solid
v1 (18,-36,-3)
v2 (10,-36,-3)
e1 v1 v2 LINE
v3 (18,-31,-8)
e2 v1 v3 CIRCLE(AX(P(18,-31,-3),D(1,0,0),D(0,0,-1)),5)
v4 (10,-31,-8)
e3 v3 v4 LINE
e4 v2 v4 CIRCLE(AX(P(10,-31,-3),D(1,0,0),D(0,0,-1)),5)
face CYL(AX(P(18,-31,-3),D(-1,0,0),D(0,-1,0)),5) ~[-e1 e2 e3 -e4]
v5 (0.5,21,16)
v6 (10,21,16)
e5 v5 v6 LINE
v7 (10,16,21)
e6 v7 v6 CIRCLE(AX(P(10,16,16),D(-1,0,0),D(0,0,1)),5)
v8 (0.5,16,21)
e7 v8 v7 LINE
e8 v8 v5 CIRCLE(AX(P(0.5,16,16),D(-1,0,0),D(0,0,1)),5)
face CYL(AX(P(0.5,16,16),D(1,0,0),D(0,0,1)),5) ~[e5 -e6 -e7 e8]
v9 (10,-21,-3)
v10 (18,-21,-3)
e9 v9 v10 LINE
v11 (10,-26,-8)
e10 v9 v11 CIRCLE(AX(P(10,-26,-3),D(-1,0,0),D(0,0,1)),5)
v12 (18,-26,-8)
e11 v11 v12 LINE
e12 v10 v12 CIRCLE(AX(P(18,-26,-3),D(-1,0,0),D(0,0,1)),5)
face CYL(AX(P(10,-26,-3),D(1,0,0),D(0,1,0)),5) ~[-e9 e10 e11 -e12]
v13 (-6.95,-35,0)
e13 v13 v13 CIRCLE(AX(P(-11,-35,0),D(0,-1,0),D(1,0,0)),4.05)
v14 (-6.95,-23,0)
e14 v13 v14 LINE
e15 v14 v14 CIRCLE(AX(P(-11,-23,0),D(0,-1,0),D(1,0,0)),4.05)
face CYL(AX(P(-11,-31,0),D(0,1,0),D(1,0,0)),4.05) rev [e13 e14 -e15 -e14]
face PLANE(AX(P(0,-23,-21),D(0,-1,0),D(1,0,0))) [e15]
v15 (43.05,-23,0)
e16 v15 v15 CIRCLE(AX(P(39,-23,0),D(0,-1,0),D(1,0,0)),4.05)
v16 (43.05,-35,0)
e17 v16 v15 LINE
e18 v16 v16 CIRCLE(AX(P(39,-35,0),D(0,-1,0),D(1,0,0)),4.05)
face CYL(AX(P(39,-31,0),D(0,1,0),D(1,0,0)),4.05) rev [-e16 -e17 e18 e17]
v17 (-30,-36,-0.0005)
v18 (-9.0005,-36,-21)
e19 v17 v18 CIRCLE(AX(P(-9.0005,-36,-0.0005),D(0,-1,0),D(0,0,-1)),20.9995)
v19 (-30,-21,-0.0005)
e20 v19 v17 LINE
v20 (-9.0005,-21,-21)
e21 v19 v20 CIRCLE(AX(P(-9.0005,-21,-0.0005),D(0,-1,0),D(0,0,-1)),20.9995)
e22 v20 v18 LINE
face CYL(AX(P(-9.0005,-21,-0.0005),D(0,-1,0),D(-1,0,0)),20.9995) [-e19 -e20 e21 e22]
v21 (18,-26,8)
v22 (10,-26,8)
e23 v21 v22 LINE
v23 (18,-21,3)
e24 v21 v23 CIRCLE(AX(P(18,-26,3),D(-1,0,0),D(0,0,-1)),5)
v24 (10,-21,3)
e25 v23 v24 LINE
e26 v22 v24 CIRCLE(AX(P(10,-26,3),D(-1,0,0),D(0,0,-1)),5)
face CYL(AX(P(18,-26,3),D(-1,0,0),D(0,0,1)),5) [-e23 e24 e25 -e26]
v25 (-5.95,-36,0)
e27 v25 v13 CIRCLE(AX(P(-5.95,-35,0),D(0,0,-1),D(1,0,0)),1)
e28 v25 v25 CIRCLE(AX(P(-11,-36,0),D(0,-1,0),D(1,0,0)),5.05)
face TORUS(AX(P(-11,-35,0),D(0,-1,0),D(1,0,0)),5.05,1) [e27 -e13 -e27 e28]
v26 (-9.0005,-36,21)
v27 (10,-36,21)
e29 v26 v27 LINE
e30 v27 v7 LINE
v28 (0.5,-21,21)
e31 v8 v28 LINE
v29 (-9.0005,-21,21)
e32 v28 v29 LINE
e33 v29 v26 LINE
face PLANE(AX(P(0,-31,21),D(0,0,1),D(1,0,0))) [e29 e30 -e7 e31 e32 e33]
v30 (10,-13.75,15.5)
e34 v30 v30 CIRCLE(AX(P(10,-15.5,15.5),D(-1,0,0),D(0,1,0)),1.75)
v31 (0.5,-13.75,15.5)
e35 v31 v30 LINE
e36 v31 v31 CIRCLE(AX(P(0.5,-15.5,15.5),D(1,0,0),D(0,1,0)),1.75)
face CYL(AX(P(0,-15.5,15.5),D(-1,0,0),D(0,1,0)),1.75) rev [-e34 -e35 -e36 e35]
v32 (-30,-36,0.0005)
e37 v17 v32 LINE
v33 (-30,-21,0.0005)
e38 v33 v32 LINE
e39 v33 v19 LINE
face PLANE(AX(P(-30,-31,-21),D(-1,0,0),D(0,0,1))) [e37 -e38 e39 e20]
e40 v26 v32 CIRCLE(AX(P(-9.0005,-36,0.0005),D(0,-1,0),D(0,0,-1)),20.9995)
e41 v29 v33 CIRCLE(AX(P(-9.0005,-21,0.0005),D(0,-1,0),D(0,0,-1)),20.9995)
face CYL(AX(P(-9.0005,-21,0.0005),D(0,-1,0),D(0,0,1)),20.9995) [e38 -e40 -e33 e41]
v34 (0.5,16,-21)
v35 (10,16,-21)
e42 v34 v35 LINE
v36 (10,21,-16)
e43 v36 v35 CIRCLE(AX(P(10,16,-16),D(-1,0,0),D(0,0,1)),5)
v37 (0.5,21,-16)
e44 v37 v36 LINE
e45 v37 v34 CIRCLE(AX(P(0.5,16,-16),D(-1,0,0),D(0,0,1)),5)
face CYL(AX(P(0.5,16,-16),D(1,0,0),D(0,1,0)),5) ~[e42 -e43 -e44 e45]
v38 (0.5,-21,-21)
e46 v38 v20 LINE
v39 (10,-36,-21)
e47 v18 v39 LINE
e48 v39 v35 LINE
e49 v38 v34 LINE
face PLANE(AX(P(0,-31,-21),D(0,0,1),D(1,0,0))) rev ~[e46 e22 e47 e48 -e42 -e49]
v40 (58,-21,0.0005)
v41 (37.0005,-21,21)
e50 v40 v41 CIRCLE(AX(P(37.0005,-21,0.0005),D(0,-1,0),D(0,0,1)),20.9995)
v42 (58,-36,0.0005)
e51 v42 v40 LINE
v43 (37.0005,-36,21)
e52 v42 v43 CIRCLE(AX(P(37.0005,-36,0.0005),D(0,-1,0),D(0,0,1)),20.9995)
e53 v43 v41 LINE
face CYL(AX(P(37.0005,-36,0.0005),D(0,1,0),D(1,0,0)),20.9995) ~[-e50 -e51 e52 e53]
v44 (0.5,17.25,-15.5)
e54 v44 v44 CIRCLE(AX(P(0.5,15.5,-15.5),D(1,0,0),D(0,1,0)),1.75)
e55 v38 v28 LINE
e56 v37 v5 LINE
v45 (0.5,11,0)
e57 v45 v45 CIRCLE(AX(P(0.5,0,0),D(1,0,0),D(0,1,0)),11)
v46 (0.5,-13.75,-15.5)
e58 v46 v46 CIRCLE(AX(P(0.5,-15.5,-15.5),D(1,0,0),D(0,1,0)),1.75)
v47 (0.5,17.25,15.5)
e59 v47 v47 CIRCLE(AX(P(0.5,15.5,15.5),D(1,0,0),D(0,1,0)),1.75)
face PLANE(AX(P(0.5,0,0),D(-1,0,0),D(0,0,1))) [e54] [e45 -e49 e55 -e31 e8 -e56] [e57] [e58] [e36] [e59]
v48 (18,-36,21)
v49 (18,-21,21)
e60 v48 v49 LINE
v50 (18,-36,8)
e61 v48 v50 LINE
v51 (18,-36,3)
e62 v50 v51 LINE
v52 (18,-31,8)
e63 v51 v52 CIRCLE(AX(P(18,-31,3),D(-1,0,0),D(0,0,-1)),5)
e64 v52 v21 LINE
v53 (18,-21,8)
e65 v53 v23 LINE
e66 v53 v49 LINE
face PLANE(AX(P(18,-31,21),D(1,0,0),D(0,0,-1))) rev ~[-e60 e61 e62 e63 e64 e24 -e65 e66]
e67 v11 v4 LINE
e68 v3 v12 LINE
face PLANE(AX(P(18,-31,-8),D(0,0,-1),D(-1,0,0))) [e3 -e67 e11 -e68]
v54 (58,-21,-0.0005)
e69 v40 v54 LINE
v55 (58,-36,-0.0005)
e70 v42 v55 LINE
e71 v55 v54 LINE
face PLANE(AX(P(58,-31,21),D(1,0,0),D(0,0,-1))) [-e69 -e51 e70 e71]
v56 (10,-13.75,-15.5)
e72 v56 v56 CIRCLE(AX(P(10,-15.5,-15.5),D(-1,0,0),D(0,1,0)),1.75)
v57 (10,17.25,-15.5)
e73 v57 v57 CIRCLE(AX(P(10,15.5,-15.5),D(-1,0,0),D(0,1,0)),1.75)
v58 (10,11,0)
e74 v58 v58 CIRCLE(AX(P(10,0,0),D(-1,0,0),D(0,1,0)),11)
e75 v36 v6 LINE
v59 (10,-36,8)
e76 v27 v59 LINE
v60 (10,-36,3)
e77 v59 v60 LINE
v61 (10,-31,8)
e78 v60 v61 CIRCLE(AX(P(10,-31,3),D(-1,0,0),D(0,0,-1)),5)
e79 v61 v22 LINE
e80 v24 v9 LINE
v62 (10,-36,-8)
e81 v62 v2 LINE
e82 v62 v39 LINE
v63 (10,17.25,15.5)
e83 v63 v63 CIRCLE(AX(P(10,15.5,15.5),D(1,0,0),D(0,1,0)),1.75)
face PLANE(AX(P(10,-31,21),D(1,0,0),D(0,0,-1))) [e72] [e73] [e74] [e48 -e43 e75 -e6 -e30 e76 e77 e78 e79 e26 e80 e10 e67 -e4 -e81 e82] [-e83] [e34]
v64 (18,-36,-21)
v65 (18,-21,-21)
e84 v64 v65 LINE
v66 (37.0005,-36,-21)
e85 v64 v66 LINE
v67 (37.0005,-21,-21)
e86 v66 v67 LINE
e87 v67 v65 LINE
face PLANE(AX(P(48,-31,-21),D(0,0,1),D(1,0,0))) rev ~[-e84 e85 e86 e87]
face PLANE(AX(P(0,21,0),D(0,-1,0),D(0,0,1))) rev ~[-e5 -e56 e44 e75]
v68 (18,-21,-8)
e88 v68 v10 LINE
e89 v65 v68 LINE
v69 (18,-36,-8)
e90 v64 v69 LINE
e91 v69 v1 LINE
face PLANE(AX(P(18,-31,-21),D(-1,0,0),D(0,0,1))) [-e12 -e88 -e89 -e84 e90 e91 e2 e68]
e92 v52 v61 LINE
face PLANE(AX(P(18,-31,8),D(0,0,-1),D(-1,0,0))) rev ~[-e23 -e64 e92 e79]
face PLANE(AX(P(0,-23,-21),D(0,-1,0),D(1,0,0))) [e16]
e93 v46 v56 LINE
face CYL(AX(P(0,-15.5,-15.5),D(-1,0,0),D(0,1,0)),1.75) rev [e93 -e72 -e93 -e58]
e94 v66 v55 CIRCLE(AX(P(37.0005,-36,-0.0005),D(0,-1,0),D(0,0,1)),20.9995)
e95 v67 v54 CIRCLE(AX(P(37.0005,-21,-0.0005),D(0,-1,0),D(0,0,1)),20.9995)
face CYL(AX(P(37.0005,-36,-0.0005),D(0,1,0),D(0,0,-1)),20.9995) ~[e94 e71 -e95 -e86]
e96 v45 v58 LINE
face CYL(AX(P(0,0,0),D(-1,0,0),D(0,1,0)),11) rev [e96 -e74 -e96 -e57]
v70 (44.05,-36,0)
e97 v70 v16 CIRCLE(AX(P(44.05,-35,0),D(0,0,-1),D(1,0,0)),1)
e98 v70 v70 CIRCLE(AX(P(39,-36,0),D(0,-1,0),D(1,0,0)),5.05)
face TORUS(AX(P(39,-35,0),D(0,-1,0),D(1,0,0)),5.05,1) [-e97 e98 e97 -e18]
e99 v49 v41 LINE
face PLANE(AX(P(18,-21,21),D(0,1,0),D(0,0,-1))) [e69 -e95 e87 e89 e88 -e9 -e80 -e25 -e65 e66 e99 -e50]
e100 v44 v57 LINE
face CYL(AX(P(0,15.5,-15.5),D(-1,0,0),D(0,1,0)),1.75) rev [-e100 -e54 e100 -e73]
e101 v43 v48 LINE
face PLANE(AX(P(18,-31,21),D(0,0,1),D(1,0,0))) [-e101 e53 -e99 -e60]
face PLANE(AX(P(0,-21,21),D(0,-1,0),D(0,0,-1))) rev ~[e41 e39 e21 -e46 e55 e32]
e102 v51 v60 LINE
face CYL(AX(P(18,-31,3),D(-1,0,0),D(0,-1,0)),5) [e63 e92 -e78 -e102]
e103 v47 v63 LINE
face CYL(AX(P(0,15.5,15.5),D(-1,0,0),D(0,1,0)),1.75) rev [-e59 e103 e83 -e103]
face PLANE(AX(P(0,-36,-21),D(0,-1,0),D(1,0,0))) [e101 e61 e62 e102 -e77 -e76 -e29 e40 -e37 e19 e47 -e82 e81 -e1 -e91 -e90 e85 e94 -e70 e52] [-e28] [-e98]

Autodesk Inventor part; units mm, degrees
ref_plane "YZ Plane" through (0, 0, 0) normal (1, 0, 0) x (0, 1, 0)
ref_plane "XZ Plane" through (0, 0, 0) normal (0, 1, 0) x (-1, 0, 0)
ref_plane "XY Plane" through (0, 0, 0) normal (0, 0, 1) x (1, 0, 0)
sketch "Esquisse1" plane through (0, 0, 0) normal (1, 0, 0) x (0, 1, 0)
  line L0 (21, 21) -> (-21, 21)
  line L1 (-21, 21) -> (-21, -21)
  line L2 (-21, -21) -> (21, -21)
  line L3 (21, -21) -> (21, 21)
  line L4 (21, 21) -> (-21, -21)
  line L5 (-21, 21) -> (21, -21)
  circle A0 centre (0, 0) radius 11
  line L6 (15.5, 15.5) -> (-15.5, 15.5)
  line L7 (-15.5, 15.5) -> (-15.5, -15.5)
  line L8 (-15.5, -15.5) -> (15.5, -15.5)
  line L9 (15.5, -15.5) -> (15.5, 15.5)
  line L10 (15.5, 15.5) -> (-15.5, -15.5)
  line L11 (-15.5, 15.5) -> (15.5, -15.5)
  circle A1 centre (15.5, 15.5) radius 1.75
  circle A2 centre (-15.5, 15.5) radius 1.75
  line L12 (21, 0) -> (-21, 0)
  circle A3 centre (15.5, -15.5) radius 1.75
  circle A4 centre (-15.5, -15.5) radius 1.75
  point P0 (0, 0)
  point P1 (0, 0)
  dimension "d0" = 42
  dimension "d1" = 22
  dimension "d2" = 31
  dimension "d3" = 3.5
  dimension "d4" = 3.5
extrude "Extrusion1" add sketch "Esquisse1" along normal blind 10 contours L4 A1 L6 A2 L5 L0 | L3 L12 L9 A1 L4 | L5 A2 L7 L12 L1 | L3 L5 A3 L9 L12 | L12 L7 A4 L4 L1 | L2 L4 A4 L8 A3 L5 | L12 A0 L4 A1 L9 | L9 A3 L5 A0 L12 | A1 L4 A0 L5 A2 L6 | L12 A0 L4 A4 L7 | L7 A2 L5 A0 L12 | L8 A4 L4 A0 L5 A3
sketch "Esquisse2" plane through (0, -21, -21) normal (0, -1, 0) x (1, 0, 0)
  point P0 (0, 21)
sketch "Esquisse3" plane through (0, -21, -21) normal (0, -1, 0) x (1, 0, 0)
  line L0 (0, 42) -> (0, 0) projected
  line L1 (0, 42) -> (12, 42)
  line L2 (12, 42) -> (12, 0)
  line L3 (12, 0) -> (0, 0)
  line L4 (0, 0) -> (0, 42)
  point P0 (0, 21)
  dimension "d19" = 12
extrude "Extrusion2" add sketch "Esquisse3" along normal blind 10
sketch "Esquisse4" plane through (10, 0, 0) normal (1, 0, 0) x (0, 0, -1)
  line L0 (21, -31) -> (-21, -31) projected
  line L1 (21, 21) -> (21, -31) projected
  line L2 (-21, -31) -> (21, -31)
  line L3 (21, -31) -> (21, -21)
  line L4 (21, -21) -> (-21, -21)
  line L5 (-21, -21) -> (-21, -31)
  point P0 (0, 0)
extrude "Extrusion3" add sketch "Esquisse4" along normal blind 8
sketch "Esquisse5" plane through (18, 0, 0) normal (1, 0, 0) x (0, 0, -1)
  line L0 (-21, -21) -> (-21, -31) projected
  line L1 (-21, -31) -> (21, -31) projected
  line L2 (-21, -21) -> (21, -21)
  line L3 (21, -21) -> (21, -31)
  line L4 (21, -31) -> (-21, -31)
  line L5 (-21, -31) -> (-21, -21)
  point P0 (0, 0)
extrude "Extrusion4" add sketch "Esquisse5" along normal blind 40
sketch "Esquisse9" plane through (10, -21, 21) normal (0, 1, 0) x (1, 0, 0)
  line L0 (0, 0) -> (0, 42) projected
  line L1 (0, 0) -> (48, 0) projected
  line L2 (0, 42) -> (8, 42)
  line L3 (8, 42) -> (8, 0)
  line L4 (8, 0) -> (0, 0)
  line L5 (0, 0) -> (0, 42)
  line L6 (0, 21) -> (8, 21)
  line L7 (0, 29) -> (8, 29)
  line L8 (8, 29) -> (8, 13)
  line L9 (8, 13) -> (0, 13)
  line L10 (0, 13) -> (0, 29)
  point P0 (-10, 21)
  point P1 (0, 13)
  point P2 (8, 29)
  dimension "d24" = 16
extrude "Extrusion7" cut sketch "Esquisse9" against normal blind 10 contours L0 L9 L3 L1 | L0 L2 L3 L7
sketch "Esquisse10" plane through (0, 0, 0) normal (-1, 0, 0) x (0, 0, 1)
  line L0 (21, 21) -> (21, -31) projected
  line L1 (-21, -31) -> (21, -31)
  line L2 (21, -31) -> (21, -21)
  line L3 (21, -21) -> (-21, -21)
  line L4 (-21, -21) -> (-21, -31)
  point P0 (0, 0)
  point P1 (21, -31)
extrude "Extrusion8" add sketch "Esquisse10" along normal blind 30
sketch "Esquisse11" plane through (0, -31, -21) normal (0, -1, 0) x (1, 0, 0)
  line L0 (18, 42) -> (58, 42) projected
  line L1 (18, 0) -> (58, 0) projected
  line L2 (0, 42) -> (-30, 42) projected
  line L3 (10, 29) -> (18, 29) projected
  line L4 (14, 29) -> (14, 13)
  line L5 (18, 13) -> (10, 13) projected
  circle A0 centre (-11, 21) radius 4.05
  circle A1 centre (39, 21) radius 4.05
  point P0 (0, 21)
  point P1 (0, 0)
  point P2 (33, 21)
  point P3 (0, 21)
  point P4 (14, 21)
  dimension "d32" = 8.1
  dimension "d33" = 25
extrude "Extrusion9" cut sketch "Esquisse11" against normal blind 8
sketch "Esquisse12" plane through (0, -31, -21) normal (0, -1, 0) x (1, 0, 0)
  line L0 (0, 42) -> (-30, 42) projected
  line L1 (-30, 42) -> (10, 42)
  line L2 (10, 42) -> (10, 29)
  line L3 (18, 29) -> (10, 29) projected
  line L4 (18, 42) -> (18, 29) projected
  line L5 (18, 29) -> (18, 42)
  line L6 (18, 42) -> (48, 42)
  line L7 (48, 0) -> (18, 0)
  line L8 (18, 0) -> (18, 13)
  line L9 (18, 13) -> (10, 13)
  line L10 (10, 13) -> (10, 0)
  line L11 (-30, 0) -> (-30, 42)
  line L12 (10, 29) -> (18, 29)
  line L13 (10, 13) -> (18, 13)
  line L14 (0, 0) -> (10, 0) projected
  line L15 (0, 0) -> (10.2767, 0)
  line L16 (0, 0) -> (10, 0)
  line L17 (0, 0) -> (-30, 0) projected
  line L18 (-30, 0) -> (0, 0)
  circle A0 centre (-11, 21) radius 4.05
  circle A1 centre (39, 21) radius 4.05
  line L19 (18, 42) -> (58, 42) projected
  line L20 (48, 42) -> (58, 42)
  line L21 (58, 42) -> (58, 0)
  line L22 (18, 0) -> (58, 0) projected
  line L23 (48, 0) -> (58, 0)
  point P0 (0, 21)
extrude "Extrusion10" add sketch "Esquisse12" along normal blind 5
sketch "Esquisse13" plane through (0, 0, 0) normal (-1, 0, 0) x (0, 0, 1)
  circle A0 centre (-15.5, 15.5) radius 1.75 projected
  circle A1 centre (-15.5, 15.5) radius 1.75
  circle A2 centre (15.5, 15.5) radius 1.75 projected
  circle A3 centre (15.5, 15.5) radius 1.75
  circle A4 centre (15.5, -15.5) radius 1.75 projected
  circle A5 centre (15.5, -15.5) radius 1.75
  circle A6 centre (-15.5, -15.5) radius 1.75 projected
  circle A7 centre (-15.5, -15.5) radius 1.75
  line L0 (-21, -21) -> (21, -21) projected
  line L1 (-21, 21) -> (21, 21)
  line L2 (21, 21) -> (21, -21)
  line L3 (21, -21) -> (-21, -21)
  line L4 (-21, -21) -> (-21, 21)
  circle A8 centre (0, 0) radius 11
extrude "Extrusion11" cut sketch "Esquisse13" against normal blind 0.5
fillet "Congé5" radius 21 4 edges at (-30, -28.5, 21) (-30, -28.5, -21) (58, -28.5, -21) (58, -28.5, 21)
fillet "Congé6" radius 5 2 edges at (5.25, 21, -21) (5.25, 21, 21)
fillet "Congé7" radius 5 4 edges at (14, -21, -8) (14, -21, 8) (14, -36, 8) (14, -36, -8)
fillet "Congé8" radius 1 2 edges at (34.95, -36, 0) (-15.05, -36, 0)
properties part number "tete_Impression 3D"
